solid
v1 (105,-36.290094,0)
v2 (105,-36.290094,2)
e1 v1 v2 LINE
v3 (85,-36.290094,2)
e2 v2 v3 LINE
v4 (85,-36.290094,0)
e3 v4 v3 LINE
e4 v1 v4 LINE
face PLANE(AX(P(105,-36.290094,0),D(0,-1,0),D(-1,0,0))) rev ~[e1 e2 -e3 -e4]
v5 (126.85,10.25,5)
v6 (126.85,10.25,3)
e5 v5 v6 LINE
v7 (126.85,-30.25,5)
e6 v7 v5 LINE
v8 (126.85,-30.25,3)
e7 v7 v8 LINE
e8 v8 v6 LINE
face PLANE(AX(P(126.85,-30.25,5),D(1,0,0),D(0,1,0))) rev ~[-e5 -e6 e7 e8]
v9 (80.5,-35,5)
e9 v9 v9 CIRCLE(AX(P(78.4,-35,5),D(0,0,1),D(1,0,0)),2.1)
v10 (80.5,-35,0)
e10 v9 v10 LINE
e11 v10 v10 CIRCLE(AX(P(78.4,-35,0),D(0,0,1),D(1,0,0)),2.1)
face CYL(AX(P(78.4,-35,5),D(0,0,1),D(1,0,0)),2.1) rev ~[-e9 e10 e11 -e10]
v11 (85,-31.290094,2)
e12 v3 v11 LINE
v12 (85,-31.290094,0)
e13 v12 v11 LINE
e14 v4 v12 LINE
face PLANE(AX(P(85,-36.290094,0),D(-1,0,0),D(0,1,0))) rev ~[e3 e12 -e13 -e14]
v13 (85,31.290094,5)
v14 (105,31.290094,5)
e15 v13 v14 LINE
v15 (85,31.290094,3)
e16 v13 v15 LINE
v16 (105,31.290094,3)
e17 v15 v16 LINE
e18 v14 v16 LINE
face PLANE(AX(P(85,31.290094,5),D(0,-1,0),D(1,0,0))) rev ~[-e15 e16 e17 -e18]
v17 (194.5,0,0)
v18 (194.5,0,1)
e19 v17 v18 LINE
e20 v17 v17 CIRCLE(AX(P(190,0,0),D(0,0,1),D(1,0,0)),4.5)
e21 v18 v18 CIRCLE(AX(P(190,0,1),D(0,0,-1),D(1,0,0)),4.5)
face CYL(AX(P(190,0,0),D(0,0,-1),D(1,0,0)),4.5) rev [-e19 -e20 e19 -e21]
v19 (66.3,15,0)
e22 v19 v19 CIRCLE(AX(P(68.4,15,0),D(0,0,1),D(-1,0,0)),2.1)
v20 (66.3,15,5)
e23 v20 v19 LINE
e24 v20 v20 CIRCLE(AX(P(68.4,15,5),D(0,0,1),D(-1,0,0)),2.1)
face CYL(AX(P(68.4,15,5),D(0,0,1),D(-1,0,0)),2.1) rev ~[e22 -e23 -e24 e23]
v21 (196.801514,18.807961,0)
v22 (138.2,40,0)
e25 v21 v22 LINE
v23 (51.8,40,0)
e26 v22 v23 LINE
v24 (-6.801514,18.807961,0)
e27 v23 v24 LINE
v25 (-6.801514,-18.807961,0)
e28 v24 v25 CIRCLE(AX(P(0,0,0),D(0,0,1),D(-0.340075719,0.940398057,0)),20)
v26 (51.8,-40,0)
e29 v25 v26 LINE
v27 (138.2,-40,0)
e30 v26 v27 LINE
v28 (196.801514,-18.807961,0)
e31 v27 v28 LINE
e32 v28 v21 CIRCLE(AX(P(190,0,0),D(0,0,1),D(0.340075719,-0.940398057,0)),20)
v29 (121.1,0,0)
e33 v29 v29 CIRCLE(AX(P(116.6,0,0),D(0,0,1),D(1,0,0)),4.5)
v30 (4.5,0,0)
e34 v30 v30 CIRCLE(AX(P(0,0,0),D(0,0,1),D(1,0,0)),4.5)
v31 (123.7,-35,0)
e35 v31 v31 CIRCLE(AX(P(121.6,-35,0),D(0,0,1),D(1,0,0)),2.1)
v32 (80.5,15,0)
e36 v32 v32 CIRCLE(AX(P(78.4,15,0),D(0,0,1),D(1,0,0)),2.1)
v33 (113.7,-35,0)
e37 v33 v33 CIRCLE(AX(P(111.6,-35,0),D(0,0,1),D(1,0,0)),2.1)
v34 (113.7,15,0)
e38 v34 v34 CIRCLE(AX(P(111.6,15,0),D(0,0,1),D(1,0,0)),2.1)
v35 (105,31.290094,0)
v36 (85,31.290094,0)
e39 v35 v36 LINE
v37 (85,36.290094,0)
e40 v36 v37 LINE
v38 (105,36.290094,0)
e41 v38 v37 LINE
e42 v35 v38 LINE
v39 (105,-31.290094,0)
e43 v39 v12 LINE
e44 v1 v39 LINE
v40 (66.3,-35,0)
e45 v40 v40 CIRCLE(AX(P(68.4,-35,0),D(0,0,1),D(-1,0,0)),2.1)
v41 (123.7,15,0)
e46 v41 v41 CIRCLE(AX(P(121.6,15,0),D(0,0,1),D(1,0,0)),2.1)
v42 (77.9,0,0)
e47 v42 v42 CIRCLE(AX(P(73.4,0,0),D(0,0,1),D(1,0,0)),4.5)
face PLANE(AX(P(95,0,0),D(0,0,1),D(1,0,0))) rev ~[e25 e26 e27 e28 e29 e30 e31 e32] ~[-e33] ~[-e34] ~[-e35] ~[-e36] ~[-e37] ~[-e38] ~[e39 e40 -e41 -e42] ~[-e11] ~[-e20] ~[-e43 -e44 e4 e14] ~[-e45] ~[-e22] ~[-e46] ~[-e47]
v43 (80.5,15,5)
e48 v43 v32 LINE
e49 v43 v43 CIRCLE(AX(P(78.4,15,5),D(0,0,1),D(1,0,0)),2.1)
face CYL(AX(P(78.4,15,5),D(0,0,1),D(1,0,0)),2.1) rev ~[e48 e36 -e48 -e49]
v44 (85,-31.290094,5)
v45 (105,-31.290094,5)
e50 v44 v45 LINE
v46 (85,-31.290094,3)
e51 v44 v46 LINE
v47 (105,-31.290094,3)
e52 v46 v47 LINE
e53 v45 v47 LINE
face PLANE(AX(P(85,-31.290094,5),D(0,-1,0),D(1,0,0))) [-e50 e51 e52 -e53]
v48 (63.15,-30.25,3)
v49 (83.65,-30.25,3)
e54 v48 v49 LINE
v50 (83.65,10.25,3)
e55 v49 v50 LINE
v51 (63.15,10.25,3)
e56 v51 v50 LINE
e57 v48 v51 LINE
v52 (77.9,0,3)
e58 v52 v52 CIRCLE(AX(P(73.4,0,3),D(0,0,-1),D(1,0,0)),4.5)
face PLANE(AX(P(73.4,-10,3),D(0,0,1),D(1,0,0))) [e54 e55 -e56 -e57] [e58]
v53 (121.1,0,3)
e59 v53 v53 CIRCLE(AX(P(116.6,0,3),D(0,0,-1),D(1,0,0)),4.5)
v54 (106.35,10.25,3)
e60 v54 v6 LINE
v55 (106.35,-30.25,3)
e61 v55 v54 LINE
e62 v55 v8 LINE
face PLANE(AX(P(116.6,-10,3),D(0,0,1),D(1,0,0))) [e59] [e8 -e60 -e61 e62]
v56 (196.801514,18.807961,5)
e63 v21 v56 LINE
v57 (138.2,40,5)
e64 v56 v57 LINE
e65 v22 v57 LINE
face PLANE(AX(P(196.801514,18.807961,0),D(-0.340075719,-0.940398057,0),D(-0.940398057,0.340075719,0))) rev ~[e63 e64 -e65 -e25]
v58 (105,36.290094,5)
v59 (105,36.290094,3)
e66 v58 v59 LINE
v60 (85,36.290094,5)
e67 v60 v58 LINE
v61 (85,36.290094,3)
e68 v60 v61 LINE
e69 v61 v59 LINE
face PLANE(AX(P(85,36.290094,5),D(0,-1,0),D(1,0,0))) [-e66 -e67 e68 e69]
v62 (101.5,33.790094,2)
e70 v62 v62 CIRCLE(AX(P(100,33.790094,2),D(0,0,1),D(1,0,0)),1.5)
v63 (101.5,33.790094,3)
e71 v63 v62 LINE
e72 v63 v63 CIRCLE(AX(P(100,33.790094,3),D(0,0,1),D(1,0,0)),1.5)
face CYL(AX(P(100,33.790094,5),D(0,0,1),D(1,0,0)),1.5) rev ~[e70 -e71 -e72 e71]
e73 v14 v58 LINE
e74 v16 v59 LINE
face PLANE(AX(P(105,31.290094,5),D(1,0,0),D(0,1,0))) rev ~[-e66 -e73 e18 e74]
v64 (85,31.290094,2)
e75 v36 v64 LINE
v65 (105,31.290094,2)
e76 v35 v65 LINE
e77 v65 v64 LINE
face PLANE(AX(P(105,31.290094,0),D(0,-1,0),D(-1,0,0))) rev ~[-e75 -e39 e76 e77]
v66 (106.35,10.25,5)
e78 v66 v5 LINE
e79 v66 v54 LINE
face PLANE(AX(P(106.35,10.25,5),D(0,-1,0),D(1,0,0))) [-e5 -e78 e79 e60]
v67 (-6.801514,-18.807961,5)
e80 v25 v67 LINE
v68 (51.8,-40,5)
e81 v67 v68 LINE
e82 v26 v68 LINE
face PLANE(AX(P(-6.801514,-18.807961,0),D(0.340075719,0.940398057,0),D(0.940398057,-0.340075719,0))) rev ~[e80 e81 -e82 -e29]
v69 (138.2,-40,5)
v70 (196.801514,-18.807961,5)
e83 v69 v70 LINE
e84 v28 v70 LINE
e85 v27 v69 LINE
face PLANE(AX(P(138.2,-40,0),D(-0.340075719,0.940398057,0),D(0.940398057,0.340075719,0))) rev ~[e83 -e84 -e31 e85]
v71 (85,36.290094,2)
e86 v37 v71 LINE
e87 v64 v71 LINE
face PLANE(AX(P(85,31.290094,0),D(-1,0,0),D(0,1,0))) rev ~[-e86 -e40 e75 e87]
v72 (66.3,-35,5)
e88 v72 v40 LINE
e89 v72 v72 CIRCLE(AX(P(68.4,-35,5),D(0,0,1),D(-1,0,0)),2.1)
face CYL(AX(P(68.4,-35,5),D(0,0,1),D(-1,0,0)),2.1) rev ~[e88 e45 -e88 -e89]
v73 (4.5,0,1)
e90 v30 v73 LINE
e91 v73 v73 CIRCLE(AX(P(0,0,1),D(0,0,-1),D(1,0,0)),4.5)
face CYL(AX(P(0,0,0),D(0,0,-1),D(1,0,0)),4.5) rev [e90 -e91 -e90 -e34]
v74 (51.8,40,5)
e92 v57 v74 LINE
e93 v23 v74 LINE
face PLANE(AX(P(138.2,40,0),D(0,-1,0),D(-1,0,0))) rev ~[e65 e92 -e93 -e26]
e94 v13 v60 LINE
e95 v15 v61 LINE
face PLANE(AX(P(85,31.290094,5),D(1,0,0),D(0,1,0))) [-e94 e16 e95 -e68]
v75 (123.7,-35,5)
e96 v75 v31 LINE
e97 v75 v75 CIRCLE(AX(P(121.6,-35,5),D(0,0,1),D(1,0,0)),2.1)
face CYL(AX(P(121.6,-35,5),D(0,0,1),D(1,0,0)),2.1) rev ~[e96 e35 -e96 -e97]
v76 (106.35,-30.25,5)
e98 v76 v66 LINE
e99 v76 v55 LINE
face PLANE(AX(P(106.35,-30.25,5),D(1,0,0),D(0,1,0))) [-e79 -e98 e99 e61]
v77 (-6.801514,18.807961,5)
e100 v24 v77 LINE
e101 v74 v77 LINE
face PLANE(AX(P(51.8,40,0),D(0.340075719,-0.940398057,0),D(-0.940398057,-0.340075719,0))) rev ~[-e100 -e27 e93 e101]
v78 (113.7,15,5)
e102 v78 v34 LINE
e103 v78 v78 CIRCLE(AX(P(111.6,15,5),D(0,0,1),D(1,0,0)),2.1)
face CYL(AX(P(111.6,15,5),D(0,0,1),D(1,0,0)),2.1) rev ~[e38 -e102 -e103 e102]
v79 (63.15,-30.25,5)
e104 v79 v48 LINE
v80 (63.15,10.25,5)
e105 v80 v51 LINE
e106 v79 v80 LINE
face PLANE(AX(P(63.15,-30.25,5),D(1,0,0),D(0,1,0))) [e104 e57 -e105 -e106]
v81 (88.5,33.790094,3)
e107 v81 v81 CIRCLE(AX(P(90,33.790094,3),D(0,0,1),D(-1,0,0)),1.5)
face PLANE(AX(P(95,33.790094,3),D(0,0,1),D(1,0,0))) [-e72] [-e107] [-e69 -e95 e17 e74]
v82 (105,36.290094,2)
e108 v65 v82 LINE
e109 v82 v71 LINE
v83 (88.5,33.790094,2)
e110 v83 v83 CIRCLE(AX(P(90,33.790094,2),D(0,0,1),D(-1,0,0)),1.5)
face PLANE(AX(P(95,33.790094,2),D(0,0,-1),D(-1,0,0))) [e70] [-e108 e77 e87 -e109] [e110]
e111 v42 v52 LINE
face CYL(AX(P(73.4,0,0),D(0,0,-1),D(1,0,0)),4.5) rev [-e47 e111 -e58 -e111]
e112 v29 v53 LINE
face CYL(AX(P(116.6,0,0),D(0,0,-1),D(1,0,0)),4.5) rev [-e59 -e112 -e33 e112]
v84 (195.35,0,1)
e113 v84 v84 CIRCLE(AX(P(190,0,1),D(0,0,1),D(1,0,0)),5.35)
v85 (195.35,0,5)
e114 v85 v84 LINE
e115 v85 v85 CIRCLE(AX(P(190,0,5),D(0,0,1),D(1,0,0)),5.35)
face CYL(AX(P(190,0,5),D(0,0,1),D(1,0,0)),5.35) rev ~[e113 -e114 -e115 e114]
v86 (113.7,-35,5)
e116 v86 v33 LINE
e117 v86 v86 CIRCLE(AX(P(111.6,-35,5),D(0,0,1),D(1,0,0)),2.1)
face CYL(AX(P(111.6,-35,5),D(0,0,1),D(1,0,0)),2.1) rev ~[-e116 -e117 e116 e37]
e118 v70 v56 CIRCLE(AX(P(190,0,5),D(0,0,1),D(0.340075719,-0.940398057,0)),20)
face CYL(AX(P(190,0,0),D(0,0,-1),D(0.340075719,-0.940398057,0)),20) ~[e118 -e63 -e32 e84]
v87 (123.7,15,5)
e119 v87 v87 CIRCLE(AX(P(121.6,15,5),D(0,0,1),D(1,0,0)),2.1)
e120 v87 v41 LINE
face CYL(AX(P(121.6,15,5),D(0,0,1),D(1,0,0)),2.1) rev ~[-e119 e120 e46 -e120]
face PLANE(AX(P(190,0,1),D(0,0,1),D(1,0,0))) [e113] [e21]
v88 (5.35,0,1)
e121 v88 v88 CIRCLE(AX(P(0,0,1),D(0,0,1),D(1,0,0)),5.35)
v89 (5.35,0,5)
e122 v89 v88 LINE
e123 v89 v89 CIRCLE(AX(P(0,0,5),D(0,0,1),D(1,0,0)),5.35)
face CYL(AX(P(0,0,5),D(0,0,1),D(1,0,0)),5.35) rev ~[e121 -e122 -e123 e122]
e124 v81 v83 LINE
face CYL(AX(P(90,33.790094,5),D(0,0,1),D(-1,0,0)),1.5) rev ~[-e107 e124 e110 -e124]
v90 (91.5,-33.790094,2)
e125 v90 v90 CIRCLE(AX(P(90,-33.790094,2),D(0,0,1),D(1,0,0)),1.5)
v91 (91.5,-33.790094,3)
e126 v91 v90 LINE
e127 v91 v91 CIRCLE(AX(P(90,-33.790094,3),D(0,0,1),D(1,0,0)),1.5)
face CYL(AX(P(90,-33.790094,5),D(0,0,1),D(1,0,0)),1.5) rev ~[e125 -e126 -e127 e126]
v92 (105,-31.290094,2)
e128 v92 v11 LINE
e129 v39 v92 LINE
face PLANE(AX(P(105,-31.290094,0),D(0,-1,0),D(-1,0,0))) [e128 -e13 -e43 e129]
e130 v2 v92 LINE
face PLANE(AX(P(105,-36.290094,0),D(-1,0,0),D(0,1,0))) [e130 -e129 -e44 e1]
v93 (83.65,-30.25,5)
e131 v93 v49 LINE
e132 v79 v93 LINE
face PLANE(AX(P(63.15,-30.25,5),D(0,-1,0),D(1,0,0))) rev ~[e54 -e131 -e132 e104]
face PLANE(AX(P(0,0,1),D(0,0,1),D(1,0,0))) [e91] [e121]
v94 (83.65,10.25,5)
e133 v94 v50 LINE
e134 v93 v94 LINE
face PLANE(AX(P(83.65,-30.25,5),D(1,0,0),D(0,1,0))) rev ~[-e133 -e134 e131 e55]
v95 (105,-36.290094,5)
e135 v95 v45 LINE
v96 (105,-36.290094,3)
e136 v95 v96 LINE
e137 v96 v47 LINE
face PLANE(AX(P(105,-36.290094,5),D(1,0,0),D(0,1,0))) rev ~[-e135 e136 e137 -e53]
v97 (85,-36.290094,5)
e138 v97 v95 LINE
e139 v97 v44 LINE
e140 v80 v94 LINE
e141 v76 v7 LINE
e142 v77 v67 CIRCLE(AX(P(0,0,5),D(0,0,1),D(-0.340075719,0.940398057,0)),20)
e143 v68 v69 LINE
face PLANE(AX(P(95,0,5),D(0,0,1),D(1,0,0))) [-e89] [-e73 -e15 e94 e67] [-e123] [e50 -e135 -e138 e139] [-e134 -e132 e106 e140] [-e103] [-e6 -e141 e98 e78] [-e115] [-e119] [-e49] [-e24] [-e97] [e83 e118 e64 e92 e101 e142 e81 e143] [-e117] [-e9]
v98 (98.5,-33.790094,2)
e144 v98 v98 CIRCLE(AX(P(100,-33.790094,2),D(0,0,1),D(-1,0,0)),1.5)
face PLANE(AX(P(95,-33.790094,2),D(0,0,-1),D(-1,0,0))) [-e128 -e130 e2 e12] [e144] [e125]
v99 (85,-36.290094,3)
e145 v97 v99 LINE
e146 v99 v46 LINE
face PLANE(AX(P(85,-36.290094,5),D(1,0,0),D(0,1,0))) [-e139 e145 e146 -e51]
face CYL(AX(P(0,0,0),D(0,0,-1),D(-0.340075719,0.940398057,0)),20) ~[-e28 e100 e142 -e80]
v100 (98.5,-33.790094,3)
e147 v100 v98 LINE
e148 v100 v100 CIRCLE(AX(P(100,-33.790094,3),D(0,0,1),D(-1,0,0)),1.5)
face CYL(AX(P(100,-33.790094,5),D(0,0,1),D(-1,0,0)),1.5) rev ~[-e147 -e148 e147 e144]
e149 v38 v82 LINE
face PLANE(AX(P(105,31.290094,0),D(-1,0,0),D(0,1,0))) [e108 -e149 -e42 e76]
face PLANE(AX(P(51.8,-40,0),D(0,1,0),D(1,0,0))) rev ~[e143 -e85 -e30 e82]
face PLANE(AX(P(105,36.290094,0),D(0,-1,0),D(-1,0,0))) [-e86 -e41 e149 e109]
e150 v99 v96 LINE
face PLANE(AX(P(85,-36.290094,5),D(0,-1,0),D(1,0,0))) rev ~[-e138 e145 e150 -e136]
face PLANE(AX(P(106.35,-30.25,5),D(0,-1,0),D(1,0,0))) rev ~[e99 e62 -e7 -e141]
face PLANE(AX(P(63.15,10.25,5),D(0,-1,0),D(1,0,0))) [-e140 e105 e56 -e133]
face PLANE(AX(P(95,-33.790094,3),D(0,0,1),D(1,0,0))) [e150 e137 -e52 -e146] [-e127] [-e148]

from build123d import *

# Parameters (mm, degrees)
SKETCH_1_R           = 4.5
EXTRUDE_4_DEPTH      = 5
SKETCH_3_R           = 5.35
CUT_EXTRUDE_3_DEPTH  = 4
SKETCH_11_R          = 1.5
CUT_EXTRUDE_13_DEPTH = 214.834047803
SKETCH_12_W          = 20
SKETCH_12_H          = 5
CUT_EXTRUDE_14_DEPTH = 2
SKETCH_13_W          = 20
SKETCH_13_H          = 5
CUT_EXTRUDE_15_DEPTH = 2
SKETCH_14_R          = 2.1
CUT_EXTRUDE_17_DEPTH = 214.834047803
SKETCH_15_W          = 20.5
SKETCH_15_H          = 40.5
CUT_EXTRUDE_18_DEPTH = 2


with BuildPart() as part:
    # 草图1 → 凸台-拉伸4 (new body)
    with BuildSketch(Plane.XY):
        with BuildLine():
            ThreePointArc((-6.801514389, 18.807961134), (-20, 0), (-6.801514389, -18.807961134))
            Line((-6.801514389, -18.807961134), (51.8, -40))
            Line((51.8, -40), (138.2, -40))
            Line((138.2, -40), (196.801514389, -18.807961134))
            ThreePointArc((196.801514389, -18.807961134), (210, 0), (196.801514389, 18.807961134))
            Line((196.801514389, 18.807961134), (138.2, 40))
            Line((138.2, 40), (51.8, 40))
            Line((51.8, 40), (-6.801514389, 18.807961134))
        make_face()
        with Locations((73.4, 0)):
            Circle(SKETCH_1_R, mode=Mode.SUBTRACT)
        Circle(SKETCH_1_R, mode=Mode.SUBTRACT)
        with Locations((116.6, 0)):
            Circle(SKETCH_1_R, mode=Mode.SUBTRACT)
        with Locations((190, 0)):
            Circle(SKETCH_1_R, mode=Mode.SUBTRACT)
    extrude(amount=EXTRUDE_4_DEPTH)

    # 草图3 → 切除-拉伸3 (cut)
    with BuildSketch(Plane.XY.offset(5)):
        Circle(SKETCH_3_R)
        with Locations((190, 0)):
            Circle(SKETCH_3_R)
    extrude(amount=-CUT_EXTRUDE_3_DEPTH, mode=Mode.SUBTRACT)

    # 草图11 → 切除-拉伸13 (cut, through all)
    with BuildSketch(Plane.XY.offset(5)):
        with Locations((100, 33.790093942)):
            Circle(SKETCH_11_R)
        with Locations(Location((90, 33.790093942, 0), (0, 0, 180))):
            Circle(SKETCH_11_R)
        with Locations(Location((100, -33.790093942, 0), (0, 0, 180))):
            Circle(SKETCH_11_R)
        with Locations((90, -33.790093942)):
            Circle(SKETCH_11_R)
    extrude(amount=-CUT_EXTRUDE_13_DEPTH, mode=Mode.SUBTRACT)

    # 草图12 → 切除-拉伸14 (cut)
    with BuildSketch(Plane.XY.offset(5)):
        with Locations((95, 33.790093942)):
            Rectangle(SKETCH_12_W, SKETCH_12_H)
        with Locations((95, -33.790093942)):
            Rectangle(SKETCH_12_W, SKETCH_12_H)
    extrude(amount=-CUT_EXTRUDE_14_DEPTH, mode=Mode.SUBTRACT)

    # 草图13 → 切除-拉伸15 (cut)
    with BuildSketch(Plane(origin=(0, 0, 0), x_dir=(-1, 0, 0), z_dir=(0, 0, -1))):
        with Locations((-95, 33.790093942)):
            Rectangle(SKETCH_13_W, SKETCH_13_H)
        with Locations((-95, -33.790093942)):
            Rectangle(SKETCH_13_W, SKETCH_13_H)
    extrude(amount=-CUT_EXTRUDE_15_DEPTH, mode=Mode.SUBTRACT)

    # 草图14 → 切除-拉伸17 (cut, through all)
    with BuildSketch(Plane.XY.offset(5)):
        with Locations((78.4, -35)):
            Circle(SKETCH_14_R)
        with Locations((78.4, 15)):
            Circle(SKETCH_14_R)
        with Locations(Location((68.4, -35, 0), (0, 0, 180))):
            Circle(SKETCH_14_R)
        with Locations((111.6, -35)):
            Circle(SKETCH_14_R)
        with Locations((121.6, -35)):
            Circle(SKETCH_14_R)
        with Locations(Location((68.4, 15, 0), (0, 0, 180))):
            Circle(SKETCH_14_R)
        with Locations((111.6, 15)):
            Circle(SKETCH_14_R)
        with Locations((121.6, 15)):
            Circle(SKETCH_14_R)
    extrude(amount=-CUT_EXTRUDE_17_DEPTH, mode=Mode.SUBTRACT)

    # 草图15 → 切除-拉伸18 (cut)
    with BuildSketch(Plane.XY.offset(5)):
        with Locations((73.4, -10)):
            Rectangle(SKETCH_15_W, SKETCH_15_H)
        with Locations((116.6, -10)):
            Rectangle(SKETCH_15_W, SKETCH_15_H)
    extrude(amount=-CUT_EXTRUDE_18_DEPTH, mode=Mode.SUBTRACT)


solid = part.part
